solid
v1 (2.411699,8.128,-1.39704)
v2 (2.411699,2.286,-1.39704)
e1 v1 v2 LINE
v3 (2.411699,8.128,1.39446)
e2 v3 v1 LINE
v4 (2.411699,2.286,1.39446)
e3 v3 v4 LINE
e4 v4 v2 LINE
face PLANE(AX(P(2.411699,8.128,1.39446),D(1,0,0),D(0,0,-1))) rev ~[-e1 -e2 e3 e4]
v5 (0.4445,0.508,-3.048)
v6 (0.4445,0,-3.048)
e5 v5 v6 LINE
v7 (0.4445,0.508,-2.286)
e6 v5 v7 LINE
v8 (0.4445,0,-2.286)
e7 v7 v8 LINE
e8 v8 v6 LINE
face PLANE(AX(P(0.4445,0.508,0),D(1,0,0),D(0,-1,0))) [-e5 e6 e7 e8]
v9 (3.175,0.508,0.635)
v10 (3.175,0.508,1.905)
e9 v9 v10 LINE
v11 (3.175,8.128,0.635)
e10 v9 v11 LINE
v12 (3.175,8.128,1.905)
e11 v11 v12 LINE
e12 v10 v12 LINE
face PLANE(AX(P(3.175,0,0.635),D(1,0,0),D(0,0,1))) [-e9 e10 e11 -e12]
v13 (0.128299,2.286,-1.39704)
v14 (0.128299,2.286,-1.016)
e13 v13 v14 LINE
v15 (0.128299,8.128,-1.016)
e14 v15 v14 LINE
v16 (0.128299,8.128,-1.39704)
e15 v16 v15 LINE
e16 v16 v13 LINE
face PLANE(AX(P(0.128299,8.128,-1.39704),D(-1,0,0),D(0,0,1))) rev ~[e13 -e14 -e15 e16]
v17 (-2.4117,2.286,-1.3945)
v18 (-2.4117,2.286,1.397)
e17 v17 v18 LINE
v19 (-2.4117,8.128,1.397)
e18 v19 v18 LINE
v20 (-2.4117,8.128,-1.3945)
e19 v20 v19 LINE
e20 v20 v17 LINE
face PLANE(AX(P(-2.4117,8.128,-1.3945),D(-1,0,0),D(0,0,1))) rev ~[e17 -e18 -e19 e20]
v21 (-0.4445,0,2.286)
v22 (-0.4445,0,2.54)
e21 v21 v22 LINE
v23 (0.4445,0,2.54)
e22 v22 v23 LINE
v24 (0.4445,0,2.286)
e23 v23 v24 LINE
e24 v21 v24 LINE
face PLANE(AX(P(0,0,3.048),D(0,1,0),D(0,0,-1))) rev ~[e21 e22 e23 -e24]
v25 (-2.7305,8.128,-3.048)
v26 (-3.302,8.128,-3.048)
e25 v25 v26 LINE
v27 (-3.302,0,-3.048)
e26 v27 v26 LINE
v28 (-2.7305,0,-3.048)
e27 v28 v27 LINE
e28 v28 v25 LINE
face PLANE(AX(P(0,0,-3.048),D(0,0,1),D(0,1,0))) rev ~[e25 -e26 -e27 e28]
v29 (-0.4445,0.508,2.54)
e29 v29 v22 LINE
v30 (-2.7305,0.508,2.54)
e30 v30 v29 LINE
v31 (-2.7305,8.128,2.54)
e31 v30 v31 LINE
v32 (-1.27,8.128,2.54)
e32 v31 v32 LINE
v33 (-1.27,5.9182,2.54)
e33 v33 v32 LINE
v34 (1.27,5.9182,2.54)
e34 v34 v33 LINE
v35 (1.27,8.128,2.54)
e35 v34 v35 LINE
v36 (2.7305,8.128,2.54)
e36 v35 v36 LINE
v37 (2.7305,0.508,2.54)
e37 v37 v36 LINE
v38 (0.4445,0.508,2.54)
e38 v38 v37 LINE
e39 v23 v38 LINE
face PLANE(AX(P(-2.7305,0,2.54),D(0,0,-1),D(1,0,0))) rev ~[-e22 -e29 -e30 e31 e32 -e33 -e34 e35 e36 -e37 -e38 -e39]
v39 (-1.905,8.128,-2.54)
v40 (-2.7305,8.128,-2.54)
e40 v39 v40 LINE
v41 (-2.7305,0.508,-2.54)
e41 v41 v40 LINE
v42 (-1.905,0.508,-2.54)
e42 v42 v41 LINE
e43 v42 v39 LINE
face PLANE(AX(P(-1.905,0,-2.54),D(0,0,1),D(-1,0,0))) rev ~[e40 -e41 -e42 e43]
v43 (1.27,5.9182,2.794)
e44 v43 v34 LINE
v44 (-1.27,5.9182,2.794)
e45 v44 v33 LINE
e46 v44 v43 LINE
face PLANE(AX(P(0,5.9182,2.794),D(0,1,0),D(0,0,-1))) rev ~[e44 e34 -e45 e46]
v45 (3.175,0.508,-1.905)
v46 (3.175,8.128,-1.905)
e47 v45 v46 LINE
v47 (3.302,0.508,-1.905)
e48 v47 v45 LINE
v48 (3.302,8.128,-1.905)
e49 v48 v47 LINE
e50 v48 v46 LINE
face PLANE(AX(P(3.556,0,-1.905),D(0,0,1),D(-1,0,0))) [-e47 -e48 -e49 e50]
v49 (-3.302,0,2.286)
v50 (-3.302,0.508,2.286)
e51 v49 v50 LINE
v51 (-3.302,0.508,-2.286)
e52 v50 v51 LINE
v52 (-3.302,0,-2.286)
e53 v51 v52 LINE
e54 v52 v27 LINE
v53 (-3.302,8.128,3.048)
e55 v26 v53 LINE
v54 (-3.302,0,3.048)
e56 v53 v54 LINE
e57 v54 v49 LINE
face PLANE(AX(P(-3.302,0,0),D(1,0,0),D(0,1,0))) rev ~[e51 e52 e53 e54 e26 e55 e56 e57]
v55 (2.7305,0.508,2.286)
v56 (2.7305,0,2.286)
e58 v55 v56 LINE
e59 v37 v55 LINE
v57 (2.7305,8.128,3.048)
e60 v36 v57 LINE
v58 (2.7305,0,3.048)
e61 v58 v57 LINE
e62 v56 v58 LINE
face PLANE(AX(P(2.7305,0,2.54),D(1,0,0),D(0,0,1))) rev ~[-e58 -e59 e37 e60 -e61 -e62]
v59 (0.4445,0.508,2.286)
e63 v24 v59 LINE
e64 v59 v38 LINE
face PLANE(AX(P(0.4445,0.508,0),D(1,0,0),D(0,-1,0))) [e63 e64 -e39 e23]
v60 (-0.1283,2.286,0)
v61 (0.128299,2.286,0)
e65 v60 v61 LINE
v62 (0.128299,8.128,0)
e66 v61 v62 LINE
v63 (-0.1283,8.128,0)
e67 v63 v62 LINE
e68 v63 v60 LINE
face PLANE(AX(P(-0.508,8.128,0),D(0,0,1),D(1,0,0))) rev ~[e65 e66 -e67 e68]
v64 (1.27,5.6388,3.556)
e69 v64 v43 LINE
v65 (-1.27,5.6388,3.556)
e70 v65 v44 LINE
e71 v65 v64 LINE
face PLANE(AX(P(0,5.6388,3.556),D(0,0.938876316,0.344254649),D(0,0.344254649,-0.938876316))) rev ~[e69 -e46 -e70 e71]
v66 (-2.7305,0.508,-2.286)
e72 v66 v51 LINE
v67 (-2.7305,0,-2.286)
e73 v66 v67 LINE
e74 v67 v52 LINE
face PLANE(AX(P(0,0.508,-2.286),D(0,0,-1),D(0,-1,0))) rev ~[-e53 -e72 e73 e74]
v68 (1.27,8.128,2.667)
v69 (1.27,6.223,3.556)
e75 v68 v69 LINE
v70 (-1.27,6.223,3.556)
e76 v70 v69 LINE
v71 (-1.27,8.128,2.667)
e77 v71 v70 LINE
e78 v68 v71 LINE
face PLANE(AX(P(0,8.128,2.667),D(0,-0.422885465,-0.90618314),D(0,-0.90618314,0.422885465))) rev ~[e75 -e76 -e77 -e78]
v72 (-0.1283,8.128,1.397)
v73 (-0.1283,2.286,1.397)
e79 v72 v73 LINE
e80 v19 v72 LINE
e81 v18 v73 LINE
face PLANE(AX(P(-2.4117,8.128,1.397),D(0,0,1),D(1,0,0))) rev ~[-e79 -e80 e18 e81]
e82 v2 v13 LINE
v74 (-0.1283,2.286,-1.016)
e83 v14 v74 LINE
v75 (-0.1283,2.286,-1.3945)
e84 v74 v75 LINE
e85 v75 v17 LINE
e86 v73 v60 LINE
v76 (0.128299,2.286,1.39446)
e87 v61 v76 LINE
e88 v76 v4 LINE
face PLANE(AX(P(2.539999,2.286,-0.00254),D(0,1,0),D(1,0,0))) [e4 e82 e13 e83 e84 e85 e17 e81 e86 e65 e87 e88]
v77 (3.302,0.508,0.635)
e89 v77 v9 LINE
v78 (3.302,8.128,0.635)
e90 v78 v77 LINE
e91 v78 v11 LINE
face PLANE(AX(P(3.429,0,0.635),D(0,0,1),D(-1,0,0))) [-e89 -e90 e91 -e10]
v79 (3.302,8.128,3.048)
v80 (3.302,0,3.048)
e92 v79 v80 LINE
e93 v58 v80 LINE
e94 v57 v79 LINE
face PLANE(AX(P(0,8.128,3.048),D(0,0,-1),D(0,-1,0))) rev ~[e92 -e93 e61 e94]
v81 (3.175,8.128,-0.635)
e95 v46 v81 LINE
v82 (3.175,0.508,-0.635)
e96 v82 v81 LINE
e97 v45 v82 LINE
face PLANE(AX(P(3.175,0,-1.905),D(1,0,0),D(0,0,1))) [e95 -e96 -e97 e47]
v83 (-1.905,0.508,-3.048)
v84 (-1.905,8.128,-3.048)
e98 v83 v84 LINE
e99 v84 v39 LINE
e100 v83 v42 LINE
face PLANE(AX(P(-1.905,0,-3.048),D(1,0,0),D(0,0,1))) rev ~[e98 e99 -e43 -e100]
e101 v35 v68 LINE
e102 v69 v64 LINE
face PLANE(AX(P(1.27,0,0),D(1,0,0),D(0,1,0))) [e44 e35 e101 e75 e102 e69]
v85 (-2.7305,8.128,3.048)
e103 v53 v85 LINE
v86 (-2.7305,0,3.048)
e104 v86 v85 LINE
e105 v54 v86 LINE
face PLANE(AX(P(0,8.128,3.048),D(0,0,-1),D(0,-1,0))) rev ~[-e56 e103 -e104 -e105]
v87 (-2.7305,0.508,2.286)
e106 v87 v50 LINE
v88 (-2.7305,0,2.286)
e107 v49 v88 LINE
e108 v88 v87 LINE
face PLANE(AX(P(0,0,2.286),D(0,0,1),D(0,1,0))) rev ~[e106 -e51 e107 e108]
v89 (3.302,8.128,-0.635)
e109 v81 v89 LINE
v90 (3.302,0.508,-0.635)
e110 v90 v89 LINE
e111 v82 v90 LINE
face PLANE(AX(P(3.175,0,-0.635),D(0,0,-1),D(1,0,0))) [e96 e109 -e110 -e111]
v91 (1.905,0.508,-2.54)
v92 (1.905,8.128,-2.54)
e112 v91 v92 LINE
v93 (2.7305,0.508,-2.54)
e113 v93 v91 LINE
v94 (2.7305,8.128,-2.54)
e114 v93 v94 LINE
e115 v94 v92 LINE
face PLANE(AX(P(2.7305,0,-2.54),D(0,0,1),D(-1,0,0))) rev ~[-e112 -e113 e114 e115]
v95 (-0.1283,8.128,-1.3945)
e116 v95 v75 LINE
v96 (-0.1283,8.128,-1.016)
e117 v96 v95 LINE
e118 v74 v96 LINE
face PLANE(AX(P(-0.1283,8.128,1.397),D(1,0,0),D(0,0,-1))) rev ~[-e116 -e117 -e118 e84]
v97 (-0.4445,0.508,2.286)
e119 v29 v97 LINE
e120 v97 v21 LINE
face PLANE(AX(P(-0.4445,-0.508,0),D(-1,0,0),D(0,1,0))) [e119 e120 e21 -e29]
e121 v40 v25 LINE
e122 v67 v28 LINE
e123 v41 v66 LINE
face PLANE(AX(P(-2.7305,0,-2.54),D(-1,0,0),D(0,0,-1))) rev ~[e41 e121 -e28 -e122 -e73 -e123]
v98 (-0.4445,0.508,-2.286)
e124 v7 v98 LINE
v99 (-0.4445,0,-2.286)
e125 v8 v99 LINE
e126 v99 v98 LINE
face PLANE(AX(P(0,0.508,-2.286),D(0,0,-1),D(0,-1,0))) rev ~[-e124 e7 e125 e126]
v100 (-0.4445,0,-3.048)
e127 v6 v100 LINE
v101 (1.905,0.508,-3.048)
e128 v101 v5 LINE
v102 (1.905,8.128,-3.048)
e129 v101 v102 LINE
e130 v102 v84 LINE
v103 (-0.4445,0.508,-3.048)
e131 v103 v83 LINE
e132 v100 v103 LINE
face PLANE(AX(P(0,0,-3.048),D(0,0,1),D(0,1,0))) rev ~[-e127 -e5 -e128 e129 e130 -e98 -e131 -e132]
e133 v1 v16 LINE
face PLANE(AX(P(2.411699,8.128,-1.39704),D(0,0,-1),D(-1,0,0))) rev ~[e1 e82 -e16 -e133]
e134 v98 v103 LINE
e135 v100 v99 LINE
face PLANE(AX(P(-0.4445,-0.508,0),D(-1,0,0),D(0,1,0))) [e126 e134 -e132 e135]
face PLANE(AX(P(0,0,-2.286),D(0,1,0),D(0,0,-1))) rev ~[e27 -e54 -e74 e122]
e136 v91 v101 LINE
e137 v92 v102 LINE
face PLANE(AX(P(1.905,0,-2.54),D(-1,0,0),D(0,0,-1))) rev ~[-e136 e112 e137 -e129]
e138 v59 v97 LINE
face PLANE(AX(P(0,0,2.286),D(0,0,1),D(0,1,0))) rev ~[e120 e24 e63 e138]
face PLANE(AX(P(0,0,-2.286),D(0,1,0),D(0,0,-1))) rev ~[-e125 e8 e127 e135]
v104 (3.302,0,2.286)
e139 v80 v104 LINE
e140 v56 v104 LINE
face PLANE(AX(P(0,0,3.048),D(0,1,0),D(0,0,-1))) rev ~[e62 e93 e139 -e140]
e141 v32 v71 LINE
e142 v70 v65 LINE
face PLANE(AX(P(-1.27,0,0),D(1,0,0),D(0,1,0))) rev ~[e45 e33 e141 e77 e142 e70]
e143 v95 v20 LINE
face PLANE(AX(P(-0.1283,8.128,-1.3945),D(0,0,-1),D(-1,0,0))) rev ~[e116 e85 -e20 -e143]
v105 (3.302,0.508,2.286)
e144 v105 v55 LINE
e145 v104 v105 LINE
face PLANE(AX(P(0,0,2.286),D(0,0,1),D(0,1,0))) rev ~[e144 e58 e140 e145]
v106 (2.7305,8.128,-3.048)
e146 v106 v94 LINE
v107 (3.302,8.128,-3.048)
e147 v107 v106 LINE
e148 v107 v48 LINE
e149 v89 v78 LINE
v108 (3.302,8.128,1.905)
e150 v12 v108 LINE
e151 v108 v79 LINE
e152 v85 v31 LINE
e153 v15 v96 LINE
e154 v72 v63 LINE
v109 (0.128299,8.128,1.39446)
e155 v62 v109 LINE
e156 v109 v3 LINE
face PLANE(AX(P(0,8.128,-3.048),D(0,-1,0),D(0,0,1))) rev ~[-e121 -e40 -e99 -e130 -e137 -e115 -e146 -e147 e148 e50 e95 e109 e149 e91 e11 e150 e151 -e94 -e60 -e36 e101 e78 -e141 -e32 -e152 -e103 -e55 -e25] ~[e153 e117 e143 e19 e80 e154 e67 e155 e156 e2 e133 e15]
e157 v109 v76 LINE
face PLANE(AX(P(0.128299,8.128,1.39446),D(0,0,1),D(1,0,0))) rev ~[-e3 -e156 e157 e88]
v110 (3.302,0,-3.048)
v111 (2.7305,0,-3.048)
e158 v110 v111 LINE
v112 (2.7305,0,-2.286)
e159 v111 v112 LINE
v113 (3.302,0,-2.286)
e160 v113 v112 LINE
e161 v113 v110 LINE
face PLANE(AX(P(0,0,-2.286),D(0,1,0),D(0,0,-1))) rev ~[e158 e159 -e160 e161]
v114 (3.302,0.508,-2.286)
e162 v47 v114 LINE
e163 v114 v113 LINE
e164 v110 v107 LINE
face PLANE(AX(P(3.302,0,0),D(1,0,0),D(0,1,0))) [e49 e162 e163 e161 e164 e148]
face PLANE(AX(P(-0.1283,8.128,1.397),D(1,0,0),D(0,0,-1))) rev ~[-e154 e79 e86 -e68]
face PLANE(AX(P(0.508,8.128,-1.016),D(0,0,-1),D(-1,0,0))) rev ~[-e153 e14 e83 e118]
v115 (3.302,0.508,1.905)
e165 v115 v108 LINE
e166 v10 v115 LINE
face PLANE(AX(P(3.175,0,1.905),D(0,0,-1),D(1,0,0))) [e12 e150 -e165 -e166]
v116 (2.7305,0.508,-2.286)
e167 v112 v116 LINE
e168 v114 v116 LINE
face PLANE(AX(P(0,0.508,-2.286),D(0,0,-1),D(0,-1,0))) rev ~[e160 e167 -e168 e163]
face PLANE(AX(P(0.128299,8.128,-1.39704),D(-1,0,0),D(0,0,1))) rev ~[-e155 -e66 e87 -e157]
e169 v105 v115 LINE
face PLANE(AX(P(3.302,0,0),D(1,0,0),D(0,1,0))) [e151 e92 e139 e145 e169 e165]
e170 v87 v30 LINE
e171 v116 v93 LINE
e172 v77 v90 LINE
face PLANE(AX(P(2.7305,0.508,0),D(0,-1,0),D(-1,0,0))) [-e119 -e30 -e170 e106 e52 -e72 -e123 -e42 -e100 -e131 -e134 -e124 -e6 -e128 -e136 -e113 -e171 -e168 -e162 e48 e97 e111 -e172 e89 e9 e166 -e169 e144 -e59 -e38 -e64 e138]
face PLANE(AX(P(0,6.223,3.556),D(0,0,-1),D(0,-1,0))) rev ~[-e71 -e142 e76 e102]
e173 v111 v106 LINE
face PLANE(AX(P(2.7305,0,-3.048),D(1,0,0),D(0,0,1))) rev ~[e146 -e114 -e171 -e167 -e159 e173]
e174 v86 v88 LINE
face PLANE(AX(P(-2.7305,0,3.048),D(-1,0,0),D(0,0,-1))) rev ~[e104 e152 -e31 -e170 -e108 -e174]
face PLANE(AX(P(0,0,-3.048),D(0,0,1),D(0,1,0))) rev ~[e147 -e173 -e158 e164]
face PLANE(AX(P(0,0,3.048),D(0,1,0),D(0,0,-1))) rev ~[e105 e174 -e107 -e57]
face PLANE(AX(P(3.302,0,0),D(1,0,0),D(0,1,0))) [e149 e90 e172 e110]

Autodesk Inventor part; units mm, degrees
sketch "Sketch_1" plane through (0, 0, 0) normal (1, 0, 0) x (0, 1, 0)
  line L0 (8.128, 3.048) -> (0, 3.048)
  line L1 (0, 3.048) -> (0, 2.286)
  line L2 (0, 2.286) -> (0.508, 2.286)
  line L3 (0.508, 2.286) -> (0.508, -2.286)
  line L4 (0.508, -2.286) -> (0, -2.286)
  line L5 (0, -2.286) -> (0, -3.048)
  line L6 (0, -3.048) -> (8.128, -3.048)
  line L7 (8.128, -3.048) -> (8.128, 3.048)
extrude "Extrusion1" add sketch "Sketch_1" along normal mid plane 6.604
sketch "Sketch_4" plane through (0, 0, 0) normal (0, 0, 1) x (1, 0, 0)
  line L0 (-2.7305, 0.508) -> (-2.7305, -0.508)
  line L1 (-2.7305, -0.508) -> (-0.4445, -0.508)
  line L2 (-0.4445, -0.508) -> (-0.4445, 0.508)
  line L3 (-0.4445, 0.508) -> (-2.7305, 0.508)
extrude "Extrusion2" cut sketch "Sketch_4" along normal mid plane 6.096
sketch "Sketch_5" plane through (0, 0, 0) normal (0, 0, 1) x (1, 0, 0)
  line L0 (0.4445, 0.508) -> (0.4445, -0.508)
  line L1 (0.4445, -0.508) -> (2.7305, -0.508)
  line L2 (2.7305, -0.508) -> (2.7305, 0.508)
  line L3 (2.7305, 0.508) -> (0.4445, 0.508)
extrude "Extrusion3" cut sketch "Sketch_5" along normal mid plane 6.096
sketch "Sketch_9" plane through (0, 8.128, 0) normal (0, 1, 0) x (1, 0, 0)
  line L0 (-2.4117, 1.3945) -> (-2.4117, -1.397)
  line L1 (-2.4117, -1.397) -> (-0.1283, -1.397)
  line L2 (-0.1283, -1.397) -> (-0.1283, 1.3945)
  line L3 (-0.1283, 1.3945) -> (-2.4117, 1.3945)
extrude "Extrusion4" cut sketch "Sketch_9" against normal blind 5.842
pattern_linear "Rectangular Pattern1" count 2 spacing 2.54 along (1, 0, -0.001) of "Extrusion4"
sketch "Sketch_21" plane through (0, 0, 0) normal (0, 1, 0) x (-1, 0, 0)
  line L0 (3.81, -3.81) -> (3.81, 3.556)
  line L1 (3.81, 3.556) -> (-3.81, 3.556)
  line L2 (-3.81, 3.556) -> (-3.81, -3.81)
  line L3 (-3.81, -3.81) -> (3.81, -3.81)
  line L4 (3.302, -3.048) -> (3.302, 3.048)
  line L5 (3.302, 3.048) -> (2.7305, 3.048)
  line L6 (2.7305, 3.048) -> (2.7305, 2.54)
  line L7 (2.7305, 2.54) -> (-2.7305, 2.54)
  line L8 (-2.7305, 2.54) -> (-2.7305, 3.048)
  line L9 (-2.7305, 3.048) -> (-3.302, 3.048)
  line L10 (-3.302, 3.048) -> (-3.302, -3.048)
  line L11 (-3.302, -3.048) -> (-2.7305, -3.048)
  line L12 (-2.7305, -3.048) -> (-2.7305, -2.54)
  line L13 (-2.7305, -2.54) -> (-1.905, -2.54)
  line L14 (-1.905, -2.54) -> (-1.905, -3.048)
  line L15 (-1.905, -3.048) -> (1.905, -3.048)
  line L16 (1.905, -3.048) -> (1.905, -2.54)
  line L17 (1.905, -2.54) -> (2.7305, -2.54)
  line L18 (2.7305, -2.54) -> (2.7305, -3.048)
  line L19 (2.7305, -3.048) -> (3.302, -3.048)
extrude "Extrusion5" cut sketch "Sketch_21" along normal blind 8.128
sketch "Sketch_25" plane through (0, 0, 0) normal (1, 0, 0) x (0, 1, 0)
  line L0 (6.223, 3.556) -> (5.6388, 3.556)
  line L1 (5.6388, 3.556) -> (5.9182, 2.794)
  line L2 (5.9182, 2.794) -> (5.9182, 2.54)
  line L3 (5.9182, 2.54) -> (8.128, 2.54)
  line L4 (8.128, 2.54) -> (8.128, 2.667)
  line L5 (8.128, 2.667) -> (6.223, 3.556)
extrude "Extrusion6" add sketch "Sketch_25" along normal mid plane 2.54
sketch "Sketch_26" plane through (0, 8.128, 0) normal (0, 1, 0) x (1, 0, 0)
  line L0 (-0.508, 1.016) -> (-0.508, 0)
  line L1 (-0.508, 0) -> (0.508, 0)
  line L2 (0.508, 0) -> (0.508, 1.016)
  line L3 (0.508, 1.016) -> (-0.508, 1.016)
extrude "Extrusion7" cut sketch "Sketch_26" against normal blind 5.842
sketch "Sketch_38" plane through (0, 0, 0) normal (0, 1, 0) x (-1, 0, 0)
  line L0 (-3.175, 0.635) -> (-3.175, 1.905)
  line L1 (-3.175, 1.905) -> (-3.556, 1.905)
  line L2 (-3.556, 1.905) -> (-3.556, -1.905)
  line L3 (-3.556, -1.905) -> (-3.175, -1.905)
  line L4 (-3.175, -1.905) -> (-3.175, -0.635)
  line L5 (-3.175, -0.635) -> (-3.429, -0.635)
  line L6 (-3.429, -0.635) -> (-3.429, 0.635)
  line L7 (-3.429, 0.635) -> (-3.175, 0.635)
extrude "Extrusion8" cut sketch "Sketch_38" along normal blind 8.128
ref_plane "header_to_dummy_XY" through (0, 0, 0) normal (0, -1, 0) x (1, 0, 0)
ref_plane "header_to_dummy_YZ" through (0, 0, 0) normal (1, 0, 0) x (0, 0, 1)
ref_plane "header_to_dummy_ZX" through (0, 0, 0) normal (0, 0, 1) x (0, -1, 0)
ref_plane "header_to_pad_XY" through (0, 8.128, 0) normal (0, 1, 0) x (1, 0, 0)
ref_plane "header_to_pad_YZ" through (0, 8.128, 0) normal (1, 0, 0) x (0, 0, -1)
ref_plane "header_to_pad_ZX" through (0, 8.128, 0) normal (0, 0, -1) x (0, 1, 0)
properties part number "IPL1-102-01-S-K_header"
